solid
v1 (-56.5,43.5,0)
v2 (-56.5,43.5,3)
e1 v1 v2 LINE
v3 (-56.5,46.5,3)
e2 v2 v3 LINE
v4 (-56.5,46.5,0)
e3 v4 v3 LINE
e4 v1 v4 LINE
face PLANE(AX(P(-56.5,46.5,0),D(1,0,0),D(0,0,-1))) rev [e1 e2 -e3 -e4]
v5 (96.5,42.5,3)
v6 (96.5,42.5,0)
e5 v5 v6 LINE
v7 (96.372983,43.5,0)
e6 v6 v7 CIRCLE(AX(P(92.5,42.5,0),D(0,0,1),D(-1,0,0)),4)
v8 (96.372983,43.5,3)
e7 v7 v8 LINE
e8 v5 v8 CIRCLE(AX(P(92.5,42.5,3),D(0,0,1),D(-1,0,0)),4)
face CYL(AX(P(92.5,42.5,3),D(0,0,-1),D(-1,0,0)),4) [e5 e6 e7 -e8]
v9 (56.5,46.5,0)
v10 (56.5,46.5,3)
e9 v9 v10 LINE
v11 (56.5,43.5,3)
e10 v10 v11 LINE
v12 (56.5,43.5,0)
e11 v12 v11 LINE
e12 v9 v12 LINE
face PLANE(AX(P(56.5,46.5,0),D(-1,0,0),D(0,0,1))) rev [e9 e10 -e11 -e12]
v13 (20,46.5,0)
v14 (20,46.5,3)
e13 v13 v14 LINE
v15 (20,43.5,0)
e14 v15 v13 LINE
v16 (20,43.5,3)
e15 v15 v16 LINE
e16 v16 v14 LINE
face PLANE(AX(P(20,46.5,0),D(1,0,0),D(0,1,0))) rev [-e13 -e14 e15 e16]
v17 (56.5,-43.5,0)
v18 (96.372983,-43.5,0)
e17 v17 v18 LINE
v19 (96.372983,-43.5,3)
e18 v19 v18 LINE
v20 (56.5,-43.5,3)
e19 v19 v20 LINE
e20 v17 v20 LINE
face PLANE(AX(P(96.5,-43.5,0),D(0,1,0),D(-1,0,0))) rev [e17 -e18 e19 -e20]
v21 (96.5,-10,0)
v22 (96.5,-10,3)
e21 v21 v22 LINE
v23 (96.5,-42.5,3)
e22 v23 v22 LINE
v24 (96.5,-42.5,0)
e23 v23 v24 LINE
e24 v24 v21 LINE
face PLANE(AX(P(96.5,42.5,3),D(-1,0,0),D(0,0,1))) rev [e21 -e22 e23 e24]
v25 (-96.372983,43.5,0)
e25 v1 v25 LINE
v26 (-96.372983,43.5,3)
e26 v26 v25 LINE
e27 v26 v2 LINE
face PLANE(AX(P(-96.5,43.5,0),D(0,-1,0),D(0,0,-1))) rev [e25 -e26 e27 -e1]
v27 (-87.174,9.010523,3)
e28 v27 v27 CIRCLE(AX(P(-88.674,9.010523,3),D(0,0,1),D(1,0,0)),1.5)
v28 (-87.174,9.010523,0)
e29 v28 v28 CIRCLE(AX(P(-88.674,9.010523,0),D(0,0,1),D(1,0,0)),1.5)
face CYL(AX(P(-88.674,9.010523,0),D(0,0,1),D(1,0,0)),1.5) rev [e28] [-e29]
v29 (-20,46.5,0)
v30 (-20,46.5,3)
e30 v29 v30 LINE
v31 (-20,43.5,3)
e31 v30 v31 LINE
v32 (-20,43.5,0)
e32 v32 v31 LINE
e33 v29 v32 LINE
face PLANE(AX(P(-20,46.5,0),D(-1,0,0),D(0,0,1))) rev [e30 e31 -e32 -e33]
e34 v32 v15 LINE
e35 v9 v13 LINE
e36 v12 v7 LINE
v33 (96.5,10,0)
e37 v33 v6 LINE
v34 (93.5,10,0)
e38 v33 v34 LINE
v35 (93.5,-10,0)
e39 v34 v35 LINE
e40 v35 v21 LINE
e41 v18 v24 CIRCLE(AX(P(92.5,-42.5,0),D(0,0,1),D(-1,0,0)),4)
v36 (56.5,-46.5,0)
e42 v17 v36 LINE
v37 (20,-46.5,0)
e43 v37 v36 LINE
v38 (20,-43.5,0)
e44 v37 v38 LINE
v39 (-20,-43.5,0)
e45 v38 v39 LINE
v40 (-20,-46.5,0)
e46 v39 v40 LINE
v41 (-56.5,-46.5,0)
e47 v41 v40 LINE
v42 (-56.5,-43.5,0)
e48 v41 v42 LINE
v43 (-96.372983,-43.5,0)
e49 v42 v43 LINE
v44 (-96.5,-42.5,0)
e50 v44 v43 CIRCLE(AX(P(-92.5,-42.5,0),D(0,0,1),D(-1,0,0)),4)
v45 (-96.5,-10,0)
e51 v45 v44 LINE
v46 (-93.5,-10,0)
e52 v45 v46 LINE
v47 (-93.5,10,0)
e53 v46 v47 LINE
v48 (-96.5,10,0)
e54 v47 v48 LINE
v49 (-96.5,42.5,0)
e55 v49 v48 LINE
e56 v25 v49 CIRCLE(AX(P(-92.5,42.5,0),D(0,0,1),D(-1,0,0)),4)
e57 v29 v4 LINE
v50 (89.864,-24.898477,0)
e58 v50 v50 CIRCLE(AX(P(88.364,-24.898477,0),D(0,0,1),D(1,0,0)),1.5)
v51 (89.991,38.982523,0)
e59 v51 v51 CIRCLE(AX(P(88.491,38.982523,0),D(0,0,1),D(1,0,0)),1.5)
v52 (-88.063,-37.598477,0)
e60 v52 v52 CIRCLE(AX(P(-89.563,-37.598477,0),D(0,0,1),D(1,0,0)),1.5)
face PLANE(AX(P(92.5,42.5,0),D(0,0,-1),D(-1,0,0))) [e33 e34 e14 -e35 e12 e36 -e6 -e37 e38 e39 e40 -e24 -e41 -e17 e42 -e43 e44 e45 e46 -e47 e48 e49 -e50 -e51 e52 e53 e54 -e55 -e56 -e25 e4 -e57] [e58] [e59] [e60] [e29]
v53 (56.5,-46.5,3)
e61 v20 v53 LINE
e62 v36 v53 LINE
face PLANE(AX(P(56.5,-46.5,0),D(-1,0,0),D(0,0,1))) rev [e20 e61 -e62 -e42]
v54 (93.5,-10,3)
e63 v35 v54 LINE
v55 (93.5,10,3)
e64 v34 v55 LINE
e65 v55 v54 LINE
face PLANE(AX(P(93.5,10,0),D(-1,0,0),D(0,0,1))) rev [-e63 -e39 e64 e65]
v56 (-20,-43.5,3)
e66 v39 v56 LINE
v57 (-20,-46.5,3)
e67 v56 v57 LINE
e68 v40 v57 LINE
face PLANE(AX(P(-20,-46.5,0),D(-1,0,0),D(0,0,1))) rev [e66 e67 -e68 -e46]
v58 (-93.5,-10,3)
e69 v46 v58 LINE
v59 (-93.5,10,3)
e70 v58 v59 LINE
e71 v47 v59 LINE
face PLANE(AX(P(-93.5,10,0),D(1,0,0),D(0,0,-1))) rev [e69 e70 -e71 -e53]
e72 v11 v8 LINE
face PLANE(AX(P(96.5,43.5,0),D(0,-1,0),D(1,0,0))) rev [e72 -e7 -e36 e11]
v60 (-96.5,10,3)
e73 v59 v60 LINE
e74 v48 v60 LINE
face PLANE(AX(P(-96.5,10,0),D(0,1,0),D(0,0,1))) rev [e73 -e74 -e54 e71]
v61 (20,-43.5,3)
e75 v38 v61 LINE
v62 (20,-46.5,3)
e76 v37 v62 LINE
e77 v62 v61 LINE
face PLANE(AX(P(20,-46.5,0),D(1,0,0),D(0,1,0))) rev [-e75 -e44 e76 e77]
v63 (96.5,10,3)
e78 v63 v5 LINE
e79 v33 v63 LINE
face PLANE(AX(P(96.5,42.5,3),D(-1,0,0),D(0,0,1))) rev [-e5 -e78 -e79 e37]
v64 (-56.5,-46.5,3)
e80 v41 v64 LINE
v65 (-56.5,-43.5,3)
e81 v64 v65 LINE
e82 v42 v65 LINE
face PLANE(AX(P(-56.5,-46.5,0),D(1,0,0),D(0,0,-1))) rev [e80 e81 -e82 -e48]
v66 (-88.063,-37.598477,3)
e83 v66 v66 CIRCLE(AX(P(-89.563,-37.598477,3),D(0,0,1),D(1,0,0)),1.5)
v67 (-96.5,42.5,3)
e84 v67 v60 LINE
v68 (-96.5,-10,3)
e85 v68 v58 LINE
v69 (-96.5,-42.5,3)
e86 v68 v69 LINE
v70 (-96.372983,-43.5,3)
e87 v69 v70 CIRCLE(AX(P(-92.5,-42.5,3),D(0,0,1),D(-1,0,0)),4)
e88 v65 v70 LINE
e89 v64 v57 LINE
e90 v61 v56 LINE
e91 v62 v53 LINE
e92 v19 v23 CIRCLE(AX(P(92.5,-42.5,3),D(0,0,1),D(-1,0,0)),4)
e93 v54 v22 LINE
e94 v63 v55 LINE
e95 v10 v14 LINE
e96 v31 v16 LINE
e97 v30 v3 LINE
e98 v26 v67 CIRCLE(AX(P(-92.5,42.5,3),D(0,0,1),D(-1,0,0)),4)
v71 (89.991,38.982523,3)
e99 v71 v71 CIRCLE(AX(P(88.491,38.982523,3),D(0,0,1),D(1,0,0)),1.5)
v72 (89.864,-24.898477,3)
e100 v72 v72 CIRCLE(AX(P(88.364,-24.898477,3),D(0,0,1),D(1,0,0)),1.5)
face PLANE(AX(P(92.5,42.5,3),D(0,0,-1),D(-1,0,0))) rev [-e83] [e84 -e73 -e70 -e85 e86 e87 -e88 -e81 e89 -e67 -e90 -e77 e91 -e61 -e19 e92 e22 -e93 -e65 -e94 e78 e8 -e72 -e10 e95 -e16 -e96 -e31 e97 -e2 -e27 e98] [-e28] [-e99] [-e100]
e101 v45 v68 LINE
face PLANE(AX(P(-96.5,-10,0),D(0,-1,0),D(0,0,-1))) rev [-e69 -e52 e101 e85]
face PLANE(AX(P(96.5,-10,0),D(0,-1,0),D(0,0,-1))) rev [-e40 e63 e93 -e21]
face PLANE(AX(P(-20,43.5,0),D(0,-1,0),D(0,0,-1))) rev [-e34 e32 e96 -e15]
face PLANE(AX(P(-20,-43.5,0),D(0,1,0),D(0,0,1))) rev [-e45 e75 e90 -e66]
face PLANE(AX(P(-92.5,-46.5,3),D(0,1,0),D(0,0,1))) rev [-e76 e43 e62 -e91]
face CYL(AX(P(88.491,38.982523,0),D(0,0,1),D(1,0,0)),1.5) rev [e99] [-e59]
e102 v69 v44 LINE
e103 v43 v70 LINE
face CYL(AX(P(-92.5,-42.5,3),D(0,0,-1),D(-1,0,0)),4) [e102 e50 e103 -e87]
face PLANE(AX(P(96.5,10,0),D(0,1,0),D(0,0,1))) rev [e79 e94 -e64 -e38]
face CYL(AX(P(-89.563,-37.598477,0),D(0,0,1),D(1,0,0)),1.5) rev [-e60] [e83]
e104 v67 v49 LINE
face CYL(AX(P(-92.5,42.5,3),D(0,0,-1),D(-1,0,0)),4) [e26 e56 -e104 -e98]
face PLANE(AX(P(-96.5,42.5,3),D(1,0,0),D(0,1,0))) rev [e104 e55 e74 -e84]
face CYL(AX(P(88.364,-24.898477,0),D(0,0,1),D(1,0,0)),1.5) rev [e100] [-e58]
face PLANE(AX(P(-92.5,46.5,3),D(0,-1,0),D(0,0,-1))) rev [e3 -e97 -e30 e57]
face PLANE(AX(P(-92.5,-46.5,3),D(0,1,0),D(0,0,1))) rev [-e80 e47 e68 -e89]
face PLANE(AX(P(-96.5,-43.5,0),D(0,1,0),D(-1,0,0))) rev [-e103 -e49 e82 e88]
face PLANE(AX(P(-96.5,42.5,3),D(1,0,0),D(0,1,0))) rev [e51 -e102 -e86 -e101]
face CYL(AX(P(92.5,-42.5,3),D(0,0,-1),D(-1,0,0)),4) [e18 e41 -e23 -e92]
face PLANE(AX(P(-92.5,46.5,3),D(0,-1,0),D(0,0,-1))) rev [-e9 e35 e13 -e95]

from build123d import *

# Parameters (mm, degrees)
BOSS_EXTRUDE2_DEPTH = 3
SKETCH3_R           = 1.5
SKETCH3_W           = 3
SKETCH3_H           = 20
SKETCH3_W_2         = 40
SKETCH3_H_2         = 3
CUT_EXTRUDE1_DEPTH  = 3


with BuildPart() as part:
    # Sketch1 → Boss-Extrude2 (new body)
    with BuildSketch(Plane.XY):
        with BuildLine():
            Line((-92.5, 46.5), (92.5, 46.5))
            ThreePointArc((92.5, 46.5), (95.328427125, 45.328427125), (96.5, 42.5))
            Line((96.5, 42.5), (96.5, -42.5))
            ThreePointArc((96.5, -42.5), (95.328427125, -45.328427125), (92.5, -46.5))
            Line((92.5, -46.5), (-92.5, -46.5))
            ThreePointArc((-92.5, -46.5), (-95.328427125, -45.328427125), (-96.5, -42.5))
            Line((-96.5, -42.5), (-96.5, 42.5))
            ThreePointArc((-96.5, 42.5), (-95.328427125, 45.328427125), (-92.5, 46.5))
        make_face()
    extrude(amount=BOSS_EXTRUDE2_DEPTH)

    # Sketch3 → Cut-Extrude1 (cut)
    with BuildSketch(Plane.XY.offset(3)):
        with Locations((-88.674, 9.010523044)):
            Circle(SKETCH3_R)
        with Locations((-89.563, -37.598476956)):
            Circle(SKETCH3_R)
        with Locations((88.364, -24.898476956)):
            Circle(SKETCH3_R)
        with Locations((88.491, 38.982523044)):
            Circle(SKETCH3_R)
        with Locations((-95, 0)):
            Rectangle(SKETCH3_W, SKETCH3_H)
        with Locations((95, 0)):
            Rectangle(SKETCH3_W, SKETCH3_H)
        with Locations((76.5, 45)):
            Rectangle(SKETCH3_W_2, SKETCH3_H_2)
        with Locations((-76.5, 45)):
            Rectangle(SKETCH3_W_2, SKETCH3_H_2)
        with Locations((76.5, -45)):
            Rectangle(SKETCH3_W_2, SKETCH3_H_2)
        with Locations((0, 45)):
            Rectangle(SKETCH3_W_2, SKETCH3_H_2)
        with Locations((0, -45)):
            Rectangle(SKETCH3_W_2, SKETCH3_H_2)
        with Locations((-76.5, -45)):
            Rectangle(SKETCH3_W_2, SKETCH3_H_2)
    extrude(amount=-CUT_EXTRUDE1_DEPTH, mode=Mode.SUBTRACT)


solid = part.part
